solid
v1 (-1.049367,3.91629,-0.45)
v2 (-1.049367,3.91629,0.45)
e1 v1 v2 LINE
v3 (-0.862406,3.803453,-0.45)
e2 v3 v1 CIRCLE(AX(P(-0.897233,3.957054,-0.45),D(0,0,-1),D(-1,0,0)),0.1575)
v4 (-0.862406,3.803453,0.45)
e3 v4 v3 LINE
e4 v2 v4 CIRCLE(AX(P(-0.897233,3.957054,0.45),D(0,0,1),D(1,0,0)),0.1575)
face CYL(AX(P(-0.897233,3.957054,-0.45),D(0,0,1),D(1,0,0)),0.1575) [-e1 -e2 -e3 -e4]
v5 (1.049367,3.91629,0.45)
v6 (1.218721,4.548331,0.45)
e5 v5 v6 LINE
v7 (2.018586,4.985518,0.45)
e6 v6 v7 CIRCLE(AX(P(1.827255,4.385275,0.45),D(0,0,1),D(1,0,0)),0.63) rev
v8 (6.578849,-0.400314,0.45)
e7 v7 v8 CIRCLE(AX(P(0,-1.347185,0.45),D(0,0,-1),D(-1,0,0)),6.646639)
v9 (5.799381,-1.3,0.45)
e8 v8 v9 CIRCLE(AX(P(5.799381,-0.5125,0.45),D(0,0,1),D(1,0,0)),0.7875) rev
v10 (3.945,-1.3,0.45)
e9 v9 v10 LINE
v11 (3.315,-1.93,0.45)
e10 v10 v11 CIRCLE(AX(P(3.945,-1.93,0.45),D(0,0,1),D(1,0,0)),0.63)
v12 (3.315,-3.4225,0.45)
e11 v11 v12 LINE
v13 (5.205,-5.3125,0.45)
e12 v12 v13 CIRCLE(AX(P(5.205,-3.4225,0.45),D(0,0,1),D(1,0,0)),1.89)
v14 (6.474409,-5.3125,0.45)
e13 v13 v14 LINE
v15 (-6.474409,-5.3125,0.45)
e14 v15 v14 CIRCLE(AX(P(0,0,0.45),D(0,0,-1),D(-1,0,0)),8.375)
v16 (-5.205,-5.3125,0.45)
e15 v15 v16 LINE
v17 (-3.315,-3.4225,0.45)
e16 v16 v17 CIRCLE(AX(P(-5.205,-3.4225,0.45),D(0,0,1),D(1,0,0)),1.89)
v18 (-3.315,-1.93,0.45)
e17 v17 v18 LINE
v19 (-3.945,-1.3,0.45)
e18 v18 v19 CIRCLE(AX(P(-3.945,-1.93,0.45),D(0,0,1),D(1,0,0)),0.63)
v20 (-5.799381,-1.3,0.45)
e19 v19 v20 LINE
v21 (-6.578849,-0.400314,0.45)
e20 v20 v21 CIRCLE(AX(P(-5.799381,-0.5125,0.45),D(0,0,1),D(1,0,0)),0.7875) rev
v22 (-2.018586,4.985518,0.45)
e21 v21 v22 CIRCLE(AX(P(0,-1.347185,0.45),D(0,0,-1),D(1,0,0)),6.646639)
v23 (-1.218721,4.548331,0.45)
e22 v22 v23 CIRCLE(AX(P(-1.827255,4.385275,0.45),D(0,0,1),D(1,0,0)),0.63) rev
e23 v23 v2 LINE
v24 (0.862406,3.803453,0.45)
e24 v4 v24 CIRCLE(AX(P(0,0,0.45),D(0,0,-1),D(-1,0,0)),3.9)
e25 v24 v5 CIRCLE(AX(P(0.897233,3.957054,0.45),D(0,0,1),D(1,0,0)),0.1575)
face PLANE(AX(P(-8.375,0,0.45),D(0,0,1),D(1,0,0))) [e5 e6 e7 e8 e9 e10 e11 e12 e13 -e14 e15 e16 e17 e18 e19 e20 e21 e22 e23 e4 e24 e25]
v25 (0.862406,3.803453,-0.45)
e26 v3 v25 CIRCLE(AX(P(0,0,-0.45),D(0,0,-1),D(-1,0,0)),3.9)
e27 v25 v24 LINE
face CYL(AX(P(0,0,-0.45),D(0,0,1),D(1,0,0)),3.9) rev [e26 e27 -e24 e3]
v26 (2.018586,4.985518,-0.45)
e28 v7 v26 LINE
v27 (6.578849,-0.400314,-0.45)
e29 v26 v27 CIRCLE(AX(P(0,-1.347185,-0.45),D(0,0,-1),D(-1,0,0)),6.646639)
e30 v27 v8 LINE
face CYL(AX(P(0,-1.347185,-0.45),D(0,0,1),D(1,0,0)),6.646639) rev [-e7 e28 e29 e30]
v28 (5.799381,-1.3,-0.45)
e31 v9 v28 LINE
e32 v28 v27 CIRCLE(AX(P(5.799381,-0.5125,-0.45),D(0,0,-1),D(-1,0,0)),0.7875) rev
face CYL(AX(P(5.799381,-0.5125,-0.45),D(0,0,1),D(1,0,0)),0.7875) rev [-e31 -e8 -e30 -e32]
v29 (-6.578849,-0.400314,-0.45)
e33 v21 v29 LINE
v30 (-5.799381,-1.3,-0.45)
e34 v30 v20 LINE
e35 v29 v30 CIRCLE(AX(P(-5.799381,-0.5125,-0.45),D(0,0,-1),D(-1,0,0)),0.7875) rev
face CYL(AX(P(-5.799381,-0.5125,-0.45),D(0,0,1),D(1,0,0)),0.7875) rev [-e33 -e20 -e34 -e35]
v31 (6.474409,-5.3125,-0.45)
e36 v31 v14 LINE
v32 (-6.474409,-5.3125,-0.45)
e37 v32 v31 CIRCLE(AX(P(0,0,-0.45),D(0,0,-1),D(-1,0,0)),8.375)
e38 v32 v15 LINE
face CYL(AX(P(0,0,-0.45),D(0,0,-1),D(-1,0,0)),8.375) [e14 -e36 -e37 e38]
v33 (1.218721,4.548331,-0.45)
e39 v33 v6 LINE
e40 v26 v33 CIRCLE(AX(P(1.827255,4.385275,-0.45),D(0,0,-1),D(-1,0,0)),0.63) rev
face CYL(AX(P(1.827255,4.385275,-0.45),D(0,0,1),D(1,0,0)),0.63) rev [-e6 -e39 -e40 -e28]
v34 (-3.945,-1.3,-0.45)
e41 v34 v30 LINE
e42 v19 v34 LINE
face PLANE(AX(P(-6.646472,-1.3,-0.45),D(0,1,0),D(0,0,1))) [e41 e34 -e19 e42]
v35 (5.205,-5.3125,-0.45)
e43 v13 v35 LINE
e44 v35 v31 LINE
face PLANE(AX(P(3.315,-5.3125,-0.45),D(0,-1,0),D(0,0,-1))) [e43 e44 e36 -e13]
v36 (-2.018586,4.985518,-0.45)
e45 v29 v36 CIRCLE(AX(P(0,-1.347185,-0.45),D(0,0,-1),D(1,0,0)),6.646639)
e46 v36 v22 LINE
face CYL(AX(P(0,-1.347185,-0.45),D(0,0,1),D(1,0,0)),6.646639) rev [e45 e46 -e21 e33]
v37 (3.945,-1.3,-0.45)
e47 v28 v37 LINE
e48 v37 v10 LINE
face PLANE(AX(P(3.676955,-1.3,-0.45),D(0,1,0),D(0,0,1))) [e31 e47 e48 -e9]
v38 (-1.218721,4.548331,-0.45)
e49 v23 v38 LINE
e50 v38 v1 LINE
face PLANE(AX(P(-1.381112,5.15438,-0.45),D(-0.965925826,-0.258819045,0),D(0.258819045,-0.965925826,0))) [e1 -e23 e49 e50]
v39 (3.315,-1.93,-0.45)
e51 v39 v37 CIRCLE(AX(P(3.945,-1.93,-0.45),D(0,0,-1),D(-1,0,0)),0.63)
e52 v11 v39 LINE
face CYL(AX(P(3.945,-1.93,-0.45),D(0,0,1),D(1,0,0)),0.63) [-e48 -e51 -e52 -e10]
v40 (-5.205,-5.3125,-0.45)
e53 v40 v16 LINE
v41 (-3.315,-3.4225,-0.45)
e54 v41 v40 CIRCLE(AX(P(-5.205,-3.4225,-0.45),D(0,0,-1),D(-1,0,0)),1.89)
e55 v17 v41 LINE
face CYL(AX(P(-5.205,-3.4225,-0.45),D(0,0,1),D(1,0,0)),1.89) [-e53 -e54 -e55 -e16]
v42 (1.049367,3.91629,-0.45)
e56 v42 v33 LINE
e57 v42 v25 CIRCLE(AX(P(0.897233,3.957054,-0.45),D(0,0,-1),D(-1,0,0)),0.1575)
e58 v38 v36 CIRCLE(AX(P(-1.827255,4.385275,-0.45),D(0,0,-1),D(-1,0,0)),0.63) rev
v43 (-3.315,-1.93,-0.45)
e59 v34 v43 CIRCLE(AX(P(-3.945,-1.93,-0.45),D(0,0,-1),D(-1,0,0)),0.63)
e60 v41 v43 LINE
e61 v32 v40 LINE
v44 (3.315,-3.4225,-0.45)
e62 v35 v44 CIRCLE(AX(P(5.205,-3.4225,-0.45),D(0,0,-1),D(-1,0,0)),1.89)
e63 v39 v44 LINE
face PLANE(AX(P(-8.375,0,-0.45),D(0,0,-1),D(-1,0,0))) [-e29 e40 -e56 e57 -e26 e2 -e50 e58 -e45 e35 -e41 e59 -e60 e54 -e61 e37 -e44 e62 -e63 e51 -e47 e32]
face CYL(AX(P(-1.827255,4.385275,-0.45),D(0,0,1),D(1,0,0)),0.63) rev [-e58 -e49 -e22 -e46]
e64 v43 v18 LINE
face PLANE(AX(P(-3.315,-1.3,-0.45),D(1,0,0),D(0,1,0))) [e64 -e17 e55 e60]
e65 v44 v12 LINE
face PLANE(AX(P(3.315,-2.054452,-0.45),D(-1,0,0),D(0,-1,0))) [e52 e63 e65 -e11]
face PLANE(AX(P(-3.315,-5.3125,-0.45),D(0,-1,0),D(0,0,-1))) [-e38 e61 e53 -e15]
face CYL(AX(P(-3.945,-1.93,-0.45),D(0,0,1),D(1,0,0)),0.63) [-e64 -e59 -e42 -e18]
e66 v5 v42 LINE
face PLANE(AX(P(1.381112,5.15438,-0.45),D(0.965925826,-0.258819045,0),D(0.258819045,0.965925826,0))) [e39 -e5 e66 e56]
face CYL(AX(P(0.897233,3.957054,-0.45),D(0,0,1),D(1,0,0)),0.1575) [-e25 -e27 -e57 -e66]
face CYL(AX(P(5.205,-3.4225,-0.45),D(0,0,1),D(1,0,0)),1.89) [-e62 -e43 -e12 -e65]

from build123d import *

# Parameters (mm, degrees)
SKETCH3_W               = 8.375
SKETCH3_H               = 0.9
CUT_EXTRUDE1_DEPTH      = 12.852584106
CUT_EXTRUDE1_DEPTH_BACK = 12.852584106
SKETCH4_OUTSIDE_W       = 23.492
SKETCH4_OUTSIDE_H       = 23.492
FILLET1_R               = 0.63
FILLET2_R               = 0.7875
FILLET3_R               = 1.89
FILLET4_R               = 0.1575


with BuildPart() as part:
    # Sketch3 → Revolve1 (revolve)
    with BuildSketch(Plane(origin=(0, 0, 0), x_dir=(1, 0, 0), z_dir=(0, 1, 0))):
        with Locations((-4.1875, 0)):
            Rectangle(SKETCH3_W, SKETCH3_H)
    revolve(axis=Axis((0, 0, -0.45), (0, 0, 1)))

    # Sketch4 outside → Cut-Extrude1 (cut, two sides: drawn at the far end of the back side and taken through both)
    with BuildSketch(Plane.XY.offset(-CUT_EXTRUDE1_DEPTH_BACK)):
        Rectangle(SKETCH4_OUTSIDE_W, SKETCH4_OUTSIDE_H)
        with BuildLine():
            Line((-3.315, -2.054452482), (-3.315, -5.3125))
            Line((-3.315, -5.3125), (-6.474408757, -5.3125))
            ThreePointArc((-6.474408757, -5.3125), (0, 8.375), (6.474408757, -5.3125))
            Line((6.474408757, -5.3125), (3.315, -5.3125))
            Line((3.315, -5.3125), (3.315, -2.054452482))
            Line((3.315, -2.054452482), (3.315, -1.3))
            Line((3.315, -1.3), (3.676955262, -1.3))
            Line((3.676955262, -1.3), (6.64647189, -1.3))
            ThreePointArc((6.64647189, -1.3), (5.150270007, 2.854307126), (1.381111973, 5.154380056))
            Line((1.381111973, 5.154380056), (1.009394276, 3.767110723))
            ThreePointArc((1.009394276, 3.767110723), (0, 3.9), (-1.009394276, 3.767110723))
            Line((-1.009394276, 3.767110723), (-1.381111973, 5.154380056))
            ThreePointArc((-1.381111973, 5.154380056), (-5.150270007, 2.854307126), (-6.64647189, -1.3))
            Line((-6.64647189, -1.3), (-3.676955262, -1.3))
            Line((-3.676955262, -1.3), (-3.315, -1.3))
            Line((-3.315, -1.3), (-3.315, -2.054452482))
        make_face(mode=Mode.SUBTRACT)
    extrude(amount=CUT_EXTRUDE1_DEPTH + CUT_EXTRUDE1_DEPTH_BACK, mode=Mode.SUBTRACT)

    # Fillet1
    fillet1_edges = [part.edges().sort_by_distance(p)[0] for p in [
        (3.315, -1.3, 0),
        (1.381111973, 5.154380056, 0),
        (-1.381111973, 5.154380056, 0),
        (-3.315, -1.3, 0),
    ]]
    fillet(fillet1_edges, radius=FILLET1_R)

    # Fillet2
    fillet2_edges = [part.edges().sort_by_distance(p)[0] for p in [
        (6.64647189, -1.3, 0),
        (-6.64647189, -1.3, 0),
    ]]
    fillet(fillet2_edges, radius=FILLET2_R)

    # Fillet3
    fillet3_edges = [part.edges().sort_by_distance(p)[0] for p in [
        (3.315, -5.3125, 0),
        (-3.315, -5.3125, 0),
    ]]
    fillet(fillet3_edges, radius=FILLET3_R)

    # Fillet4
    fillet4_edges = [part.edges().sort_by_distance(p)[0] for p in [
        (1.009394276, 3.767110723, 0),
        (-1.009394276, 3.767110723, 0),
    ]]
    fillet(fillet4_edges, radius=FILLET4_R)


solid = part.part
